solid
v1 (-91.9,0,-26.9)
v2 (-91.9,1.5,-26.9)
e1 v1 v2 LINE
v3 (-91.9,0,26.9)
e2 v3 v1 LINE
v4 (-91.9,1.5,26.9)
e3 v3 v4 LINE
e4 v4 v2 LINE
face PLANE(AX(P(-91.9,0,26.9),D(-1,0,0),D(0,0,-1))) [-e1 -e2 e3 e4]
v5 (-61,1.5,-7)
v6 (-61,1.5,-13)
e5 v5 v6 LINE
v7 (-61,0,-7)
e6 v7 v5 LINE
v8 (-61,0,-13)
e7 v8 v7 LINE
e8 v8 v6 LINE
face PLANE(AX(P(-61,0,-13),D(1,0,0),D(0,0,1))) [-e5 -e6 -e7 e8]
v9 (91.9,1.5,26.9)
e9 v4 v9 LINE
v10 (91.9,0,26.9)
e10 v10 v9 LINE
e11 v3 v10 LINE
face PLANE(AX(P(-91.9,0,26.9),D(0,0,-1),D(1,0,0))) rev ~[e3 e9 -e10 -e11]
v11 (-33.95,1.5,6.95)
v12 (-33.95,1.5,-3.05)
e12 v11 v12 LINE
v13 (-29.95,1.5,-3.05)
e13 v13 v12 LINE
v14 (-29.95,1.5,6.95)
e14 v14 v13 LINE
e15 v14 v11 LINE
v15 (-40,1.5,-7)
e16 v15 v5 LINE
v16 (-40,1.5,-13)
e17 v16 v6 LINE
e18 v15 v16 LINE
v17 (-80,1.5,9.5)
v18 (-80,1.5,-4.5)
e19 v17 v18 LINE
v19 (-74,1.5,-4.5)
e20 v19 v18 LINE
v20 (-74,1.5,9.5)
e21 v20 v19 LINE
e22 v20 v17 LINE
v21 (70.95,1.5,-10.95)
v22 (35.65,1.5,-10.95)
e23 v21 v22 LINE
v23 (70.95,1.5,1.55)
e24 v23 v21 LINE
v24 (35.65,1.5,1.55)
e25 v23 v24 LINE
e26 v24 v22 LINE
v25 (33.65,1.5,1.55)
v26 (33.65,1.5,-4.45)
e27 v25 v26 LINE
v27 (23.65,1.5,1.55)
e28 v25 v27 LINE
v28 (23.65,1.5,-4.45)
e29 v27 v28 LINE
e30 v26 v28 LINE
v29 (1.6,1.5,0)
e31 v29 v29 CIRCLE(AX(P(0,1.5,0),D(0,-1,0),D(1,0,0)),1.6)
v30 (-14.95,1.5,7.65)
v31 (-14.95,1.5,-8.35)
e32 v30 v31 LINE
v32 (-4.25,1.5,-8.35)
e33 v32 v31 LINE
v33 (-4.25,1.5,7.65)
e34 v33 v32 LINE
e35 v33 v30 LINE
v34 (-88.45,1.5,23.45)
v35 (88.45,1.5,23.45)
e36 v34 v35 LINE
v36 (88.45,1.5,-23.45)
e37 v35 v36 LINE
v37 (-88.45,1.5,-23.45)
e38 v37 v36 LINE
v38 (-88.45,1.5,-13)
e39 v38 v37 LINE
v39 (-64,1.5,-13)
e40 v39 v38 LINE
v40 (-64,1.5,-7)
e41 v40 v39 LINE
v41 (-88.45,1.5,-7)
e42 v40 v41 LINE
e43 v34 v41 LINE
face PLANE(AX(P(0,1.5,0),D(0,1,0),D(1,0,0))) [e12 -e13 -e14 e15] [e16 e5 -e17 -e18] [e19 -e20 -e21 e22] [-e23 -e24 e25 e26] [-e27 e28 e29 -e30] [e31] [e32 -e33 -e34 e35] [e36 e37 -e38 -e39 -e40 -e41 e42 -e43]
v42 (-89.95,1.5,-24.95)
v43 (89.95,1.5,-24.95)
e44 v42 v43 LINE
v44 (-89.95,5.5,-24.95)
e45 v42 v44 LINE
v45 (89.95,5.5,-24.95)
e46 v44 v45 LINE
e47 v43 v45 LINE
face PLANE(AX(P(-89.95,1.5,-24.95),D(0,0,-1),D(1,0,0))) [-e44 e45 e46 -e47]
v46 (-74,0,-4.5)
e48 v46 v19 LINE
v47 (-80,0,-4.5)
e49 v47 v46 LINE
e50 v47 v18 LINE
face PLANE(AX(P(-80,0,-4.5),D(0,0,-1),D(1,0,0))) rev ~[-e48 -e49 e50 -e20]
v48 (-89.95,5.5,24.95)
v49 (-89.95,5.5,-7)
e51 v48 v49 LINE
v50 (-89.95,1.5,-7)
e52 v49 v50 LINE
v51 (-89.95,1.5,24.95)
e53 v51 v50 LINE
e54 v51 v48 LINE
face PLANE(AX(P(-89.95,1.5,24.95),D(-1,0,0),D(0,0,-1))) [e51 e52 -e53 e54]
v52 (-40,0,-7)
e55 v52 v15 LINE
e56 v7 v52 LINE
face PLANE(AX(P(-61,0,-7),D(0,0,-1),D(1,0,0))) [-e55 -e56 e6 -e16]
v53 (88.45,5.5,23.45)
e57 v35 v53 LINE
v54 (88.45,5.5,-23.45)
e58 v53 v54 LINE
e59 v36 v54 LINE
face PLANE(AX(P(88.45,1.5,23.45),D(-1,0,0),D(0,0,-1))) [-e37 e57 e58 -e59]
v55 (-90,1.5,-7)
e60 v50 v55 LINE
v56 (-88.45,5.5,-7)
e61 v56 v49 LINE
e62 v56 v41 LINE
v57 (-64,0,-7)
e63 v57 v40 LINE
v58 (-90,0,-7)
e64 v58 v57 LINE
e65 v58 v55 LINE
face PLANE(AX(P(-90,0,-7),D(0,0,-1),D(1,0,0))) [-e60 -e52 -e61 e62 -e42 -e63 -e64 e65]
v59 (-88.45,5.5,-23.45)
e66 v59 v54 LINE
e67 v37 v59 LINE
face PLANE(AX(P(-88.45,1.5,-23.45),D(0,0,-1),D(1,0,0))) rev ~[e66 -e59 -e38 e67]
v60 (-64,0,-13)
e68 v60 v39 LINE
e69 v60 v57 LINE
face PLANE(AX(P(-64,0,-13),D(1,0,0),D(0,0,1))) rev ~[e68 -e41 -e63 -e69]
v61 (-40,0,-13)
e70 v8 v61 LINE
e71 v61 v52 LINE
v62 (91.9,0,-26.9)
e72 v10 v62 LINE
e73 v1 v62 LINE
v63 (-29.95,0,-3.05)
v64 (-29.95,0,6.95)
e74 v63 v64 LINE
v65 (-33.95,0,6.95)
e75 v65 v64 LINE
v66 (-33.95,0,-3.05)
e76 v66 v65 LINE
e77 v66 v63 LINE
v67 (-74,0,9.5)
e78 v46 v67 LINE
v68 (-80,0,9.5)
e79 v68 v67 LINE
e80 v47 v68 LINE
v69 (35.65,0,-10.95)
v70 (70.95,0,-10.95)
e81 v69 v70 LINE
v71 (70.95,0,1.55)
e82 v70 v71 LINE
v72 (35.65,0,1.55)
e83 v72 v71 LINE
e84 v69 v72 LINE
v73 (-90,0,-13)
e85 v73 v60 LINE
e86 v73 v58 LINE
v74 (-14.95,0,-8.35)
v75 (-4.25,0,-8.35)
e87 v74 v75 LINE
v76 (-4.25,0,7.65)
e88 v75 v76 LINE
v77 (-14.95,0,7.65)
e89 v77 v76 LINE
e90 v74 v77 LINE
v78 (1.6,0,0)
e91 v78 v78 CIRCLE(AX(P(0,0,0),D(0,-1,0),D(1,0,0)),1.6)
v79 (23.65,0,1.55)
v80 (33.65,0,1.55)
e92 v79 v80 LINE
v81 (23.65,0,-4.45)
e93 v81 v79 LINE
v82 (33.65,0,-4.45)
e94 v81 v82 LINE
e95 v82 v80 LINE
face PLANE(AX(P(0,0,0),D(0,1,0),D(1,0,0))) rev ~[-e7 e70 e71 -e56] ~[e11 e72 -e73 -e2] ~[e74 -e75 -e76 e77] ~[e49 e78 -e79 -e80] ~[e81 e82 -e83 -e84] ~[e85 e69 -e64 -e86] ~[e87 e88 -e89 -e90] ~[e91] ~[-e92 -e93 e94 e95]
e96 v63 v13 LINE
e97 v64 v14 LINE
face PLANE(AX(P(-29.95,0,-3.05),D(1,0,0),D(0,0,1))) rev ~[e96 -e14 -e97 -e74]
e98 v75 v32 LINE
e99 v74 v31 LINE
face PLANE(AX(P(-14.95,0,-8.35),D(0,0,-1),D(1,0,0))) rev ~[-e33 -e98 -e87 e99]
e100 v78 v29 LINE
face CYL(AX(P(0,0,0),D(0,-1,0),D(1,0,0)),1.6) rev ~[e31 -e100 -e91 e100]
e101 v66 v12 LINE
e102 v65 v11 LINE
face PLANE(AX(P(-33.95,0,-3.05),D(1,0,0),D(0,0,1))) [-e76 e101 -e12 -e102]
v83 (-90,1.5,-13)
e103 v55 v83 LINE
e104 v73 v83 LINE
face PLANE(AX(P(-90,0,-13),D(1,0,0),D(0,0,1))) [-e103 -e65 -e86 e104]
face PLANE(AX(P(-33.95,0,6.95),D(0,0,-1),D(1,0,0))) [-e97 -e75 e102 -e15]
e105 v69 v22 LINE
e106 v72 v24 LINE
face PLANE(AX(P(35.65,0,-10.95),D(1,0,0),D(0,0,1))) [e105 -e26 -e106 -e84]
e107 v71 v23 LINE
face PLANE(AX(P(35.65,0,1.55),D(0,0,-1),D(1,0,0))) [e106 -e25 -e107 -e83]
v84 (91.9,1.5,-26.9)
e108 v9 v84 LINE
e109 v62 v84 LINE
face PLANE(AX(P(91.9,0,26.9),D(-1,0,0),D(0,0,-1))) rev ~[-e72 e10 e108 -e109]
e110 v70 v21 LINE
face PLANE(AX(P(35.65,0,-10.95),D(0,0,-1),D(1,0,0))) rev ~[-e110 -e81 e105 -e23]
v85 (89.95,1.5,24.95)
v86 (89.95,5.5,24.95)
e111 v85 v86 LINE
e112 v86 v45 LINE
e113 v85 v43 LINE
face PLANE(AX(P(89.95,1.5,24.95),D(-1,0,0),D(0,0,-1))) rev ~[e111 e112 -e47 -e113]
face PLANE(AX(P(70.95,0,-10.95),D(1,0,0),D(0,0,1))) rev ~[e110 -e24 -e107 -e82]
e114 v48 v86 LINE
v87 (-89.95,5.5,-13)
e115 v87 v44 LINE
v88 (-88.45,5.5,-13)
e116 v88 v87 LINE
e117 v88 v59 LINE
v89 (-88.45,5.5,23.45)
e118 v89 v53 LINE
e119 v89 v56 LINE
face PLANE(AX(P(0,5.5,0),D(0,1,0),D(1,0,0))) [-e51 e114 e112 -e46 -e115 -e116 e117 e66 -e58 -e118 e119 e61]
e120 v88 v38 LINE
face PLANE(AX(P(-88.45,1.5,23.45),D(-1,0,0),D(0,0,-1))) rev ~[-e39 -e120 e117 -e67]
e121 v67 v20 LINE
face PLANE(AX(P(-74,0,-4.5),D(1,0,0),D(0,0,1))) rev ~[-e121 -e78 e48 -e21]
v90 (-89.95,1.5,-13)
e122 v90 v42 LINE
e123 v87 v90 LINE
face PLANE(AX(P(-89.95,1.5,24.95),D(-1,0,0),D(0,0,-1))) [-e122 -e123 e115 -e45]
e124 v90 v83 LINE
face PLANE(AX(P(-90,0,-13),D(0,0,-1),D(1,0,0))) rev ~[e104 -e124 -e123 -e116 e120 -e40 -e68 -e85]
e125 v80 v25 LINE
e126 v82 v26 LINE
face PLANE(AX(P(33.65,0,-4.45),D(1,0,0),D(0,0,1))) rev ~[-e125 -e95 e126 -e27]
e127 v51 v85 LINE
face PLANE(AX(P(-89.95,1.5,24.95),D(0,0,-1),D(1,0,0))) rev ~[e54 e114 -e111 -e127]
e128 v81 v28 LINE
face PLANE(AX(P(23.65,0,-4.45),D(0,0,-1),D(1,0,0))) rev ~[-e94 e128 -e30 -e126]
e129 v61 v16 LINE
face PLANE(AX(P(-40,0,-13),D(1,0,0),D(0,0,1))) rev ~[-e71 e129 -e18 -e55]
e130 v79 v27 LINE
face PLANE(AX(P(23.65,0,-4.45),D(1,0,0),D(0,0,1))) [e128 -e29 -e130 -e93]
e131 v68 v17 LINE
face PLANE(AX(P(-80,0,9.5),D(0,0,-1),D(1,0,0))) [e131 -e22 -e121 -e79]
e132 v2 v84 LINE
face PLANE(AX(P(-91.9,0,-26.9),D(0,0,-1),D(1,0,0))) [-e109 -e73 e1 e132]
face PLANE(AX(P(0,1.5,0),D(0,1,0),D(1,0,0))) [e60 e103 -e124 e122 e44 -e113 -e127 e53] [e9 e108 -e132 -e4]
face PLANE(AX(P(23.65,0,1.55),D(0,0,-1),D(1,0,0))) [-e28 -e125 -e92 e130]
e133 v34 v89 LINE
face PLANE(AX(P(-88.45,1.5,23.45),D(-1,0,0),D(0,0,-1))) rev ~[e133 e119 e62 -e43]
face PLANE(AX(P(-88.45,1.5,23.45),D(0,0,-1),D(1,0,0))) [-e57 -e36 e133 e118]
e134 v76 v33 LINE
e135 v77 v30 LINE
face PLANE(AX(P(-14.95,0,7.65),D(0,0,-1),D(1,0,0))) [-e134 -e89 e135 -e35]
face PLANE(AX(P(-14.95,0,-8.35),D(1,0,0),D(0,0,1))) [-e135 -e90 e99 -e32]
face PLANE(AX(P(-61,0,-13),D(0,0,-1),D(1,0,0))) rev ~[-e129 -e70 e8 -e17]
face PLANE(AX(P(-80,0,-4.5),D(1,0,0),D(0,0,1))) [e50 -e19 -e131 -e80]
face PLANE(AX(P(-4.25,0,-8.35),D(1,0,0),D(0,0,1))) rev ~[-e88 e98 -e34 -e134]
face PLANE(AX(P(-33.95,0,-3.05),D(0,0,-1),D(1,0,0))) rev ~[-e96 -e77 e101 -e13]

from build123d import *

# Parameters (mm, degrees)
SKETCH_1_W          = 183.8
SKETCH_1_H          = 53.8
EXTRUDE_1_DEPTH     = 1.5
SKETCH_2_W          = 179.9
SKETCH_2_H          = 49.9
SKETCH_2_W_2        = 176.9
SKETCH_2_H_2        = 46.9
EXTRUDE_2_DEPTH     = 4
SKETCH_3_R          = 1.6
SKETCH_3_W          = 26
SKETCH_3_H          = 6
SKETCH_3_W_2        = 21
SKETCH_3_W_3        = 10.7
SKETCH_3_H_2        = 16
SKETCH_3_W_4        = 35.3
SKETCH_3_H_3        = 12.5
SKETCH_3_W_5        = 4
SKETCH_3_H_4        = 10
SKETCH_3_W_6        = 10
SKETCH_3_W_7        = 6
SKETCH_3_H_5        = 14
CUT_EXTRUDE_1_DEPTH = 10


with BuildPart() as part:
    # 草图1 → 凸台-拉伸1 (new body)
    with BuildSketch(Plane(origin=(0, 0, 0), x_dir=(1, 0, 0), z_dir=(0, 1, 0))):
        Rectangle(SKETCH_1_W, SKETCH_1_H)
    extrude(amount=EXTRUDE_1_DEPTH)

    # 草图2 → 凸台-拉伸2 (add)
    with BuildSketch(Plane(origin=(0, 1.5, 0), x_dir=(1, 0, 0), z_dir=(0, 1, 0))):
        Rectangle(SKETCH_2_W, SKETCH_2_H)
        Rectangle(SKETCH_2_W_2, SKETCH_2_H_2, mode=Mode.SUBTRACT)
    extrude(amount=EXTRUDE_2_DEPTH)

    # 草图3 → 切除-拉伸1 (cut)
    with BuildSketch(Plane.XZ):
        Circle(SKETCH_3_R)
        with Locations((-77, -10)):
            Rectangle(SKETCH_3_W, SKETCH_3_H)
        with Locations((-50.5, -10)):
            Rectangle(SKETCH_3_W_2, SKETCH_3_H)
        with Locations((-9.6, -0.35)):
            Rectangle(SKETCH_3_W_3, SKETCH_3_H_2)
        with Locations((53.3, -4.7)):
            Rectangle(SKETCH_3_W_4, SKETCH_3_H_3)
        with Locations((-31.95, 1.95)):
            Rectangle(SKETCH_3_W_5, SKETCH_3_H_4)
        with Locations((28.65, -1.45)):
            Rectangle(SKETCH_3_W_6, SKETCH_3_H)
        with Locations((-77, 2.5)):
            Rectangle(SKETCH_3_W_7, SKETCH_3_H_5)
    extrude(amount=-CUT_EXTRUDE_1_DEPTH, mode=Mode.SUBTRACT)


solid = part.part
